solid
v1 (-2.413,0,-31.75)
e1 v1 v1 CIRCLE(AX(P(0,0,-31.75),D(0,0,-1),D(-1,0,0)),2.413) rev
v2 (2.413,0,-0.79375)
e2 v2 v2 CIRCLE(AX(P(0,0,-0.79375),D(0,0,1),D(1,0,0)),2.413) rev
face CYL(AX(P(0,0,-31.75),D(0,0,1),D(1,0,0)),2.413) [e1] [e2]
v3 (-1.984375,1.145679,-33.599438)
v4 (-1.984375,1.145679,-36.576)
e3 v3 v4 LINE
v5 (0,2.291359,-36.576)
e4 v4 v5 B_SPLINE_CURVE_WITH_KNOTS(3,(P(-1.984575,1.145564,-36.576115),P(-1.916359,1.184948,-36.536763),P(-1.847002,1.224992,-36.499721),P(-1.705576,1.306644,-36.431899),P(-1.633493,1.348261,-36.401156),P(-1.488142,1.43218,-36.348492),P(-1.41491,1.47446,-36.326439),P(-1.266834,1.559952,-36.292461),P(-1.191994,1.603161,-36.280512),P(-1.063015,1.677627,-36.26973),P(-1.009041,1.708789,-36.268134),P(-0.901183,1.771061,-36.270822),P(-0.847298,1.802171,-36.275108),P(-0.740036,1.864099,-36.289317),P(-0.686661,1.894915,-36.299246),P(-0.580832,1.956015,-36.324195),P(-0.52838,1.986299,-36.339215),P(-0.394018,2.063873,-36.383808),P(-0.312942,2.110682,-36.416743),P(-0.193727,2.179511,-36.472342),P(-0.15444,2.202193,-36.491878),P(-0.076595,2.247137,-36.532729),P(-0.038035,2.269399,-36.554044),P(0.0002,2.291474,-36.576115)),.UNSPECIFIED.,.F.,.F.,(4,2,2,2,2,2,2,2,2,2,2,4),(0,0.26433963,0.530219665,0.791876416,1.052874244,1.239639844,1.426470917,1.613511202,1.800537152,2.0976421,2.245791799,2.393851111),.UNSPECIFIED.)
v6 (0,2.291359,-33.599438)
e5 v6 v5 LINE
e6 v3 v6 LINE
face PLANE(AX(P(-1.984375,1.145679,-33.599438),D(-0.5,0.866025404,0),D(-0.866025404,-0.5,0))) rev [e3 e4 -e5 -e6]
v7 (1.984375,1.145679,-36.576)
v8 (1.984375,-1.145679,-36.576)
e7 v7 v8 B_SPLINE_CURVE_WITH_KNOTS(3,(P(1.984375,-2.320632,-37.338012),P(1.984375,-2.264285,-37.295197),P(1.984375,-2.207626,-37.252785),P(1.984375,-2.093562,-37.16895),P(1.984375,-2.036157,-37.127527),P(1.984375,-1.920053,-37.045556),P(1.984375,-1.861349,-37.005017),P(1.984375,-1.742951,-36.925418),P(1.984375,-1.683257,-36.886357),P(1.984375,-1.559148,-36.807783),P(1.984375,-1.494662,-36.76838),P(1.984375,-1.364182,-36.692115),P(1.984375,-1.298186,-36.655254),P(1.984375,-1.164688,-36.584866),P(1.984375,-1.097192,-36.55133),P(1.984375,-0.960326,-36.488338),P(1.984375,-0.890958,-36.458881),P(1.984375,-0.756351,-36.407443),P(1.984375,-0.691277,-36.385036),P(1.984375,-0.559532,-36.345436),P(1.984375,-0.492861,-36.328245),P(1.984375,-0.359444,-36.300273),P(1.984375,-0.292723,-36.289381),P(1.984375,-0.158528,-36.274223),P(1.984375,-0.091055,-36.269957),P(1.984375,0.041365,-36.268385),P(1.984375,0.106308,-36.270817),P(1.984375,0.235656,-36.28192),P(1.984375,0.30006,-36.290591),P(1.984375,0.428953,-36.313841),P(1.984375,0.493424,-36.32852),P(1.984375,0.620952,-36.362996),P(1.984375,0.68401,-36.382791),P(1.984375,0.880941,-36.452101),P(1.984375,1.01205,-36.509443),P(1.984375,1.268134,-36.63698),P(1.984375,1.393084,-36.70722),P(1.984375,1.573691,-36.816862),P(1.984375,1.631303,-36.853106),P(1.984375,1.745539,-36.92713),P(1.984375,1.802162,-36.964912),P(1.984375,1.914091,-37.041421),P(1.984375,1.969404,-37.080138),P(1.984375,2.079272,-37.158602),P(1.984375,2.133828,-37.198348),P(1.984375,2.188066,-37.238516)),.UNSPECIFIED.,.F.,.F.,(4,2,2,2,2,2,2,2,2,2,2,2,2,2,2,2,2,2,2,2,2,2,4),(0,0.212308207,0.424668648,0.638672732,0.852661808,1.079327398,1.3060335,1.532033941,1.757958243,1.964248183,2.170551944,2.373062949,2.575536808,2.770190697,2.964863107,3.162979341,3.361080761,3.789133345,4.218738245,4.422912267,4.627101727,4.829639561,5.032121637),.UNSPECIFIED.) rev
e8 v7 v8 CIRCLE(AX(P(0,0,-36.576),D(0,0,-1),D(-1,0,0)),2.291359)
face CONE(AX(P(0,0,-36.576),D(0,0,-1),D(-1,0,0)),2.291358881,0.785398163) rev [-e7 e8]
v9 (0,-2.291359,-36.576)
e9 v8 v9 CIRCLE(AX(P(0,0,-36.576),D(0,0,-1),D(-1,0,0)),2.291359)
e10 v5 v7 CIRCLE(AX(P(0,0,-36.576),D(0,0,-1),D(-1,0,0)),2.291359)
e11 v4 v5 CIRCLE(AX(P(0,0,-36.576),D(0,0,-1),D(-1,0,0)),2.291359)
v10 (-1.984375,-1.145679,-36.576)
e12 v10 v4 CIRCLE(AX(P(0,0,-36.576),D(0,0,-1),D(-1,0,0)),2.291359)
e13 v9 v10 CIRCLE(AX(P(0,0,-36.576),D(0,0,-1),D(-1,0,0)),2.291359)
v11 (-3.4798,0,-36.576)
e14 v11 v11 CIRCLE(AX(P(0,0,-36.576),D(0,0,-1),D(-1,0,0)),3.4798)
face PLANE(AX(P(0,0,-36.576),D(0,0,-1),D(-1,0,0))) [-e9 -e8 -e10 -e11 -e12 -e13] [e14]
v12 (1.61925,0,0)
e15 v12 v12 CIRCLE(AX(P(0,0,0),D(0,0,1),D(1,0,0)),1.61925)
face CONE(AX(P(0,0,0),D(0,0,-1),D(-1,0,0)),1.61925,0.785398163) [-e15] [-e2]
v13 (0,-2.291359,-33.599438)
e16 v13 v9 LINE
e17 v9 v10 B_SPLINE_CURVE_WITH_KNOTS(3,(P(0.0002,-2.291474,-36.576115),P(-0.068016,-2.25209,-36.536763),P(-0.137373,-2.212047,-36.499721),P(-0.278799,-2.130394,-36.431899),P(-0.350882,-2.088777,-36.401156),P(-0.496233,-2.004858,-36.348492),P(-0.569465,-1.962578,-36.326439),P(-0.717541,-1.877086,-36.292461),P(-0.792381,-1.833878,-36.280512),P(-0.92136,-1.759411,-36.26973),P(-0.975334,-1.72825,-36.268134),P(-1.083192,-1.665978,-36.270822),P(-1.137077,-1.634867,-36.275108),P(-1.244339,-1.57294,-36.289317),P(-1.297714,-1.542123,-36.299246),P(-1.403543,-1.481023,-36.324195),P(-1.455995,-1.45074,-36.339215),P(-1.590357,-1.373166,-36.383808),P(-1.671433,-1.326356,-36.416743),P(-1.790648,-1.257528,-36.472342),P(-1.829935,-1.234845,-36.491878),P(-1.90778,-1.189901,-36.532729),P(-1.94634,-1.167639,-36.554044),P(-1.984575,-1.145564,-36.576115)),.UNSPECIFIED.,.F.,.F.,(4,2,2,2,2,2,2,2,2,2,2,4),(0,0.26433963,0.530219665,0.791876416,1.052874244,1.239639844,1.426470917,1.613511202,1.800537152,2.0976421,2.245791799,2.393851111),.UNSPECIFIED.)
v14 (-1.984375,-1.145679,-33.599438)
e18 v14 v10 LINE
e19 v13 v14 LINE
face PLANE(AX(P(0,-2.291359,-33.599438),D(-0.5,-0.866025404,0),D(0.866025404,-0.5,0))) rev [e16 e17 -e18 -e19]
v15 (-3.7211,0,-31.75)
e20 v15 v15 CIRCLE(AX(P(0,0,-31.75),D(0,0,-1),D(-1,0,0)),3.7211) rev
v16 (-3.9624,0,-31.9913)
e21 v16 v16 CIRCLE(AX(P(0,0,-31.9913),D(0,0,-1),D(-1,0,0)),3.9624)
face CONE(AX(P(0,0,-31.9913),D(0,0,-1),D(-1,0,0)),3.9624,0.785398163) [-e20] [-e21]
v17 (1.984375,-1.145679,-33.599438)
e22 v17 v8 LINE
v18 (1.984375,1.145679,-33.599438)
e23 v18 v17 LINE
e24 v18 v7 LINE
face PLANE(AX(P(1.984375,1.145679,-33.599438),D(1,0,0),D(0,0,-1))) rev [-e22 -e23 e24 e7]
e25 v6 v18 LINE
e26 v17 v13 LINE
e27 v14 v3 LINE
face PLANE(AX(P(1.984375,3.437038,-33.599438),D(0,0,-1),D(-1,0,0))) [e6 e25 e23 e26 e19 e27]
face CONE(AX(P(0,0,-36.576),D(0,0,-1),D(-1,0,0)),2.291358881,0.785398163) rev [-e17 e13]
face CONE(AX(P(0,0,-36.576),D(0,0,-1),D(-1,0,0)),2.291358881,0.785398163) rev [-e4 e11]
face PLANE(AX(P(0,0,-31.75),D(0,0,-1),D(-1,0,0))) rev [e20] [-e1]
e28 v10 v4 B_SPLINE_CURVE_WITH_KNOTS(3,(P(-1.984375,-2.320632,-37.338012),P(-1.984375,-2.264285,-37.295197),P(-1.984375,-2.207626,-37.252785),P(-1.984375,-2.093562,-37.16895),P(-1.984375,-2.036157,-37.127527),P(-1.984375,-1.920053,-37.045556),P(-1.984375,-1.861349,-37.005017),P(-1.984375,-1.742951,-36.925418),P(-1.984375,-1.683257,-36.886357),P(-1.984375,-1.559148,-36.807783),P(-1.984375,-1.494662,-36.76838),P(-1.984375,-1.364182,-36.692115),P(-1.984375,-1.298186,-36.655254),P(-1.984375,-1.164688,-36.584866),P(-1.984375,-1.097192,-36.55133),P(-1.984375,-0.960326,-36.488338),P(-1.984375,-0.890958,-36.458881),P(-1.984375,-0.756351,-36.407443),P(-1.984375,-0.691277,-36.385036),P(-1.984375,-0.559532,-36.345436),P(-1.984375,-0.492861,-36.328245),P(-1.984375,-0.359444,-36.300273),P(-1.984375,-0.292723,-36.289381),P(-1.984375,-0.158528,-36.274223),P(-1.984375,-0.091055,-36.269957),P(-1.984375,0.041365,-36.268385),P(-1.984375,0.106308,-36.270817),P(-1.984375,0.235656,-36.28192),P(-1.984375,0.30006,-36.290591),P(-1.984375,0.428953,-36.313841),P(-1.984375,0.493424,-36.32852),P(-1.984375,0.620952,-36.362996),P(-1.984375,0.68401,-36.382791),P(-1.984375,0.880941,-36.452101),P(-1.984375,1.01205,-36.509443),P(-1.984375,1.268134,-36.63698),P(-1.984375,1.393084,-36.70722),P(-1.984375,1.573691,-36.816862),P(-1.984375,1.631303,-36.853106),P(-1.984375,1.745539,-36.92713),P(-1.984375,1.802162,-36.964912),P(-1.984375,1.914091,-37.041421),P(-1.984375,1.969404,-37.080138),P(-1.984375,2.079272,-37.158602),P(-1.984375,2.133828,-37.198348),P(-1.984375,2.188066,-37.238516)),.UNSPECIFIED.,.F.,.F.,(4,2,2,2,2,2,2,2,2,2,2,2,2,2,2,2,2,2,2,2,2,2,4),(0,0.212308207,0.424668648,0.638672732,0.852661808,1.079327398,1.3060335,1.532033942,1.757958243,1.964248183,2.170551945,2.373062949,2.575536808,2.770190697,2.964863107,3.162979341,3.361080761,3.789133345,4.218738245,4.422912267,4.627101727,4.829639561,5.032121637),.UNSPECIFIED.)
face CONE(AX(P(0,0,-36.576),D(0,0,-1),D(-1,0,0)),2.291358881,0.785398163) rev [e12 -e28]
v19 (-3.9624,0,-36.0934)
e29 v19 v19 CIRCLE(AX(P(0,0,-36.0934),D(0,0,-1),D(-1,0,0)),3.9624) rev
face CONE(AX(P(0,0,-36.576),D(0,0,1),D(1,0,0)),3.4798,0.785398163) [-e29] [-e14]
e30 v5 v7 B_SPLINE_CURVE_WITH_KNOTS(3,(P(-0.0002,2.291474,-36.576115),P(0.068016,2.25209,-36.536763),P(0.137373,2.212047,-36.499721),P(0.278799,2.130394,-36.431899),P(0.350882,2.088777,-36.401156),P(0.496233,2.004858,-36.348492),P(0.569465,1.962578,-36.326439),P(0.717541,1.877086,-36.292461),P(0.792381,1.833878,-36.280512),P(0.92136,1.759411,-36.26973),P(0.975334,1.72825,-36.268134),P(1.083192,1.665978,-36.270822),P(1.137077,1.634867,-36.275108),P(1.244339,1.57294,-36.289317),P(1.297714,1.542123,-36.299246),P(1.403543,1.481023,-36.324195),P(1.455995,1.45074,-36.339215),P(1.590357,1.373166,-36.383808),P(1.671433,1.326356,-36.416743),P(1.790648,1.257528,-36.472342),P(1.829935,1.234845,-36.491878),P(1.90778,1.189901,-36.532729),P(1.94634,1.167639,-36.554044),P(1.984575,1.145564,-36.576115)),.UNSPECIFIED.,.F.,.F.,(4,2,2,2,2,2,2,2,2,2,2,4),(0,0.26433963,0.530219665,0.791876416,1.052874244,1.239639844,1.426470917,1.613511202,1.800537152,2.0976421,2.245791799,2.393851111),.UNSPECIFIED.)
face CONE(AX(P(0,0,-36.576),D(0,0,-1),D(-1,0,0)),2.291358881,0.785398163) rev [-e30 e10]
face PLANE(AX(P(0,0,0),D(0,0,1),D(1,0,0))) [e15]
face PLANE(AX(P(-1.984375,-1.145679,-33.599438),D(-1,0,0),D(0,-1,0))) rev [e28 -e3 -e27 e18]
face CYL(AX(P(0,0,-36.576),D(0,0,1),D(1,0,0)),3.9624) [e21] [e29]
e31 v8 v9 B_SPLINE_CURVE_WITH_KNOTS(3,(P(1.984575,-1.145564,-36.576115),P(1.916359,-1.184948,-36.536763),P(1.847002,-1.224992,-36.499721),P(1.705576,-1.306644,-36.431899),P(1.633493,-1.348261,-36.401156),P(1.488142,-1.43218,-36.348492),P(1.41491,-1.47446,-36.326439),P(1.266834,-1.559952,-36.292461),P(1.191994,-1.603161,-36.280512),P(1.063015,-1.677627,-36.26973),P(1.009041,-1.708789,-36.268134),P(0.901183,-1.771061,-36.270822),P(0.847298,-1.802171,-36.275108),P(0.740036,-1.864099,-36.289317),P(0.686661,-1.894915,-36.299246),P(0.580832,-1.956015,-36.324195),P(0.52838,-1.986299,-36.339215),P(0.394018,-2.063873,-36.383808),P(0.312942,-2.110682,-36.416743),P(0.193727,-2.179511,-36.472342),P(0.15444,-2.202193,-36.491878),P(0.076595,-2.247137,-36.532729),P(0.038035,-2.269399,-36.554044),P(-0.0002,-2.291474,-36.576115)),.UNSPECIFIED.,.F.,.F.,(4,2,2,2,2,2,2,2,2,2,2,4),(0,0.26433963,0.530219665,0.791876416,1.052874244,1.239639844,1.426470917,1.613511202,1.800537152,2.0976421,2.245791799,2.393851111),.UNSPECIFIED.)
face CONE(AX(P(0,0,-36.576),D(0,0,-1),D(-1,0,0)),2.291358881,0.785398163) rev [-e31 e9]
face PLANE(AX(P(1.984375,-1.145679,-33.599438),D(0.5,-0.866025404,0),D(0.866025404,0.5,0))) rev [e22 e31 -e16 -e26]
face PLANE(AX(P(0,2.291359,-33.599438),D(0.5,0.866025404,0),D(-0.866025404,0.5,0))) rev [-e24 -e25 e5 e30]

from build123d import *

# Parameters (mm, degrees)
SKETCH1_R          = 2.413
EXTRUDE1_DEPTH     = 31.75
CHAMFER3_SIZE      = 0.79375
SKETCH6_R          = 3.9624
EXTRUDE2_DEPTH     = 4.826
CUT_EXTRUDE1_DEPTH = 2.9765625
SKETCH8_R          = 2.291358881
CUT_EXTRUDE2_DEPTH = 0.4826
CUT_EXTRUDE2_DRAFT = -45
CHAMFER1_SIZE      = 0.4826
CHAMFER2_SIZE      = 0.2413


with BuildPart() as part:
    # Sketch1 → Extrude1 (new body)
    with BuildSketch(Plane.XY):
        Circle(SKETCH1_R)
    extrude(amount=-EXTRUDE1_DEPTH)

    # Chamfer3
    chamfer3_edges = [part.edges().sort_by_distance(p)[0] for p in [
        (-2.413, 0, 0),
    ]]
    chamfer(chamfer3_edges, length=CHAMFER3_SIZE)

    # Sketch5 → partially thread (revolve)
    with BuildSketch(Plane(origin=(0, 0, 0), x_dir=(0, 0, -1), z_dir=(1, 0, 0))):
        Polygon((31.75, 2.413), (22.225, 2.413), (19.812, 0), (22.225, 0), (31.75, 0), align=None)
    revolve(axis=Axis((0, 0, 0), (0, 0, -1)))

    # Sketch6 → Extrude2 (add)
    with BuildSketch(Plane(origin=(0, 0, -31.75), x_dir=(-1, 0, 0), z_dir=(0, 0, -1))):
        Circle(SKETCH6_R)
    extrude(amount=EXTRUDE2_DEPTH)

    # Sketch7 → Cut-Extrude1 (cut)
    with BuildSketch(Plane(origin=(0, 0, -36.576), x_dir=(-1, 0, 0), z_dir=(0, 0, -1))):
        Polygon((0, 2.291358881), (-1.984375, 1.14567944), (-1.984375, -1.14567944), (0, -2.291358881), (1.984375, -1.14567944), (1.984375, 1.14567944), align=None)
    extrude(amount=-CUT_EXTRUDE1_DEPTH, mode=Mode.SUBTRACT)


with BuildPart() as cut_extrude2_tool:
    # Sketch8 → Cut-Extrude2 (with draft: the straight prism first)
    with BuildSketch(Plane(origin=(0, 0, -36.576), x_dir=(-1, 0, 0), z_dir=(0, 0, -1))):
        Circle(SKETCH8_R)
    extrude(amount=-CUT_EXTRUDE2_DEPTH)
    # Cut-Extrude2: the draft: its side faces are tilted about the plane it starts from
    cut_extrude2_sides = [cut_extrude2_tool.faces().sort_by_distance(p)[0] for p in [
        (2.291358881, 0, -36.3347),
    ]]
    draft(cut_extrude2_sides, Plane(origin=(0, 0, -36.576), x_dir=(-1, 0, 0), z_dir=(0, 0, -1)), CUT_EXTRUDE2_DRAFT)


with BuildPart() as part_1:
    add(part.part)

    # Cut-Extrude2: cut by cut_extrude2_tool
    add(cut_extrude2_tool.part, mode=Mode.SUBTRACT)

    # Chamfer1
    chamfer1_edges = [part_1.edges().sort_by_distance(p)[0] for p in [
        (3.9624, 0, -36.576),
    ]]
    chamfer(chamfer1_edges, length=CHAMFER1_SIZE)

    # Chamfer2
    chamfer2_edges = [part_1.edges().sort_by_distance(p)[0] for p in [
        (3.9624, 0, -31.75),
    ]]
    chamfer(chamfer2_edges, length=CHAMFER2_SIZE)


solid = part_1.part
